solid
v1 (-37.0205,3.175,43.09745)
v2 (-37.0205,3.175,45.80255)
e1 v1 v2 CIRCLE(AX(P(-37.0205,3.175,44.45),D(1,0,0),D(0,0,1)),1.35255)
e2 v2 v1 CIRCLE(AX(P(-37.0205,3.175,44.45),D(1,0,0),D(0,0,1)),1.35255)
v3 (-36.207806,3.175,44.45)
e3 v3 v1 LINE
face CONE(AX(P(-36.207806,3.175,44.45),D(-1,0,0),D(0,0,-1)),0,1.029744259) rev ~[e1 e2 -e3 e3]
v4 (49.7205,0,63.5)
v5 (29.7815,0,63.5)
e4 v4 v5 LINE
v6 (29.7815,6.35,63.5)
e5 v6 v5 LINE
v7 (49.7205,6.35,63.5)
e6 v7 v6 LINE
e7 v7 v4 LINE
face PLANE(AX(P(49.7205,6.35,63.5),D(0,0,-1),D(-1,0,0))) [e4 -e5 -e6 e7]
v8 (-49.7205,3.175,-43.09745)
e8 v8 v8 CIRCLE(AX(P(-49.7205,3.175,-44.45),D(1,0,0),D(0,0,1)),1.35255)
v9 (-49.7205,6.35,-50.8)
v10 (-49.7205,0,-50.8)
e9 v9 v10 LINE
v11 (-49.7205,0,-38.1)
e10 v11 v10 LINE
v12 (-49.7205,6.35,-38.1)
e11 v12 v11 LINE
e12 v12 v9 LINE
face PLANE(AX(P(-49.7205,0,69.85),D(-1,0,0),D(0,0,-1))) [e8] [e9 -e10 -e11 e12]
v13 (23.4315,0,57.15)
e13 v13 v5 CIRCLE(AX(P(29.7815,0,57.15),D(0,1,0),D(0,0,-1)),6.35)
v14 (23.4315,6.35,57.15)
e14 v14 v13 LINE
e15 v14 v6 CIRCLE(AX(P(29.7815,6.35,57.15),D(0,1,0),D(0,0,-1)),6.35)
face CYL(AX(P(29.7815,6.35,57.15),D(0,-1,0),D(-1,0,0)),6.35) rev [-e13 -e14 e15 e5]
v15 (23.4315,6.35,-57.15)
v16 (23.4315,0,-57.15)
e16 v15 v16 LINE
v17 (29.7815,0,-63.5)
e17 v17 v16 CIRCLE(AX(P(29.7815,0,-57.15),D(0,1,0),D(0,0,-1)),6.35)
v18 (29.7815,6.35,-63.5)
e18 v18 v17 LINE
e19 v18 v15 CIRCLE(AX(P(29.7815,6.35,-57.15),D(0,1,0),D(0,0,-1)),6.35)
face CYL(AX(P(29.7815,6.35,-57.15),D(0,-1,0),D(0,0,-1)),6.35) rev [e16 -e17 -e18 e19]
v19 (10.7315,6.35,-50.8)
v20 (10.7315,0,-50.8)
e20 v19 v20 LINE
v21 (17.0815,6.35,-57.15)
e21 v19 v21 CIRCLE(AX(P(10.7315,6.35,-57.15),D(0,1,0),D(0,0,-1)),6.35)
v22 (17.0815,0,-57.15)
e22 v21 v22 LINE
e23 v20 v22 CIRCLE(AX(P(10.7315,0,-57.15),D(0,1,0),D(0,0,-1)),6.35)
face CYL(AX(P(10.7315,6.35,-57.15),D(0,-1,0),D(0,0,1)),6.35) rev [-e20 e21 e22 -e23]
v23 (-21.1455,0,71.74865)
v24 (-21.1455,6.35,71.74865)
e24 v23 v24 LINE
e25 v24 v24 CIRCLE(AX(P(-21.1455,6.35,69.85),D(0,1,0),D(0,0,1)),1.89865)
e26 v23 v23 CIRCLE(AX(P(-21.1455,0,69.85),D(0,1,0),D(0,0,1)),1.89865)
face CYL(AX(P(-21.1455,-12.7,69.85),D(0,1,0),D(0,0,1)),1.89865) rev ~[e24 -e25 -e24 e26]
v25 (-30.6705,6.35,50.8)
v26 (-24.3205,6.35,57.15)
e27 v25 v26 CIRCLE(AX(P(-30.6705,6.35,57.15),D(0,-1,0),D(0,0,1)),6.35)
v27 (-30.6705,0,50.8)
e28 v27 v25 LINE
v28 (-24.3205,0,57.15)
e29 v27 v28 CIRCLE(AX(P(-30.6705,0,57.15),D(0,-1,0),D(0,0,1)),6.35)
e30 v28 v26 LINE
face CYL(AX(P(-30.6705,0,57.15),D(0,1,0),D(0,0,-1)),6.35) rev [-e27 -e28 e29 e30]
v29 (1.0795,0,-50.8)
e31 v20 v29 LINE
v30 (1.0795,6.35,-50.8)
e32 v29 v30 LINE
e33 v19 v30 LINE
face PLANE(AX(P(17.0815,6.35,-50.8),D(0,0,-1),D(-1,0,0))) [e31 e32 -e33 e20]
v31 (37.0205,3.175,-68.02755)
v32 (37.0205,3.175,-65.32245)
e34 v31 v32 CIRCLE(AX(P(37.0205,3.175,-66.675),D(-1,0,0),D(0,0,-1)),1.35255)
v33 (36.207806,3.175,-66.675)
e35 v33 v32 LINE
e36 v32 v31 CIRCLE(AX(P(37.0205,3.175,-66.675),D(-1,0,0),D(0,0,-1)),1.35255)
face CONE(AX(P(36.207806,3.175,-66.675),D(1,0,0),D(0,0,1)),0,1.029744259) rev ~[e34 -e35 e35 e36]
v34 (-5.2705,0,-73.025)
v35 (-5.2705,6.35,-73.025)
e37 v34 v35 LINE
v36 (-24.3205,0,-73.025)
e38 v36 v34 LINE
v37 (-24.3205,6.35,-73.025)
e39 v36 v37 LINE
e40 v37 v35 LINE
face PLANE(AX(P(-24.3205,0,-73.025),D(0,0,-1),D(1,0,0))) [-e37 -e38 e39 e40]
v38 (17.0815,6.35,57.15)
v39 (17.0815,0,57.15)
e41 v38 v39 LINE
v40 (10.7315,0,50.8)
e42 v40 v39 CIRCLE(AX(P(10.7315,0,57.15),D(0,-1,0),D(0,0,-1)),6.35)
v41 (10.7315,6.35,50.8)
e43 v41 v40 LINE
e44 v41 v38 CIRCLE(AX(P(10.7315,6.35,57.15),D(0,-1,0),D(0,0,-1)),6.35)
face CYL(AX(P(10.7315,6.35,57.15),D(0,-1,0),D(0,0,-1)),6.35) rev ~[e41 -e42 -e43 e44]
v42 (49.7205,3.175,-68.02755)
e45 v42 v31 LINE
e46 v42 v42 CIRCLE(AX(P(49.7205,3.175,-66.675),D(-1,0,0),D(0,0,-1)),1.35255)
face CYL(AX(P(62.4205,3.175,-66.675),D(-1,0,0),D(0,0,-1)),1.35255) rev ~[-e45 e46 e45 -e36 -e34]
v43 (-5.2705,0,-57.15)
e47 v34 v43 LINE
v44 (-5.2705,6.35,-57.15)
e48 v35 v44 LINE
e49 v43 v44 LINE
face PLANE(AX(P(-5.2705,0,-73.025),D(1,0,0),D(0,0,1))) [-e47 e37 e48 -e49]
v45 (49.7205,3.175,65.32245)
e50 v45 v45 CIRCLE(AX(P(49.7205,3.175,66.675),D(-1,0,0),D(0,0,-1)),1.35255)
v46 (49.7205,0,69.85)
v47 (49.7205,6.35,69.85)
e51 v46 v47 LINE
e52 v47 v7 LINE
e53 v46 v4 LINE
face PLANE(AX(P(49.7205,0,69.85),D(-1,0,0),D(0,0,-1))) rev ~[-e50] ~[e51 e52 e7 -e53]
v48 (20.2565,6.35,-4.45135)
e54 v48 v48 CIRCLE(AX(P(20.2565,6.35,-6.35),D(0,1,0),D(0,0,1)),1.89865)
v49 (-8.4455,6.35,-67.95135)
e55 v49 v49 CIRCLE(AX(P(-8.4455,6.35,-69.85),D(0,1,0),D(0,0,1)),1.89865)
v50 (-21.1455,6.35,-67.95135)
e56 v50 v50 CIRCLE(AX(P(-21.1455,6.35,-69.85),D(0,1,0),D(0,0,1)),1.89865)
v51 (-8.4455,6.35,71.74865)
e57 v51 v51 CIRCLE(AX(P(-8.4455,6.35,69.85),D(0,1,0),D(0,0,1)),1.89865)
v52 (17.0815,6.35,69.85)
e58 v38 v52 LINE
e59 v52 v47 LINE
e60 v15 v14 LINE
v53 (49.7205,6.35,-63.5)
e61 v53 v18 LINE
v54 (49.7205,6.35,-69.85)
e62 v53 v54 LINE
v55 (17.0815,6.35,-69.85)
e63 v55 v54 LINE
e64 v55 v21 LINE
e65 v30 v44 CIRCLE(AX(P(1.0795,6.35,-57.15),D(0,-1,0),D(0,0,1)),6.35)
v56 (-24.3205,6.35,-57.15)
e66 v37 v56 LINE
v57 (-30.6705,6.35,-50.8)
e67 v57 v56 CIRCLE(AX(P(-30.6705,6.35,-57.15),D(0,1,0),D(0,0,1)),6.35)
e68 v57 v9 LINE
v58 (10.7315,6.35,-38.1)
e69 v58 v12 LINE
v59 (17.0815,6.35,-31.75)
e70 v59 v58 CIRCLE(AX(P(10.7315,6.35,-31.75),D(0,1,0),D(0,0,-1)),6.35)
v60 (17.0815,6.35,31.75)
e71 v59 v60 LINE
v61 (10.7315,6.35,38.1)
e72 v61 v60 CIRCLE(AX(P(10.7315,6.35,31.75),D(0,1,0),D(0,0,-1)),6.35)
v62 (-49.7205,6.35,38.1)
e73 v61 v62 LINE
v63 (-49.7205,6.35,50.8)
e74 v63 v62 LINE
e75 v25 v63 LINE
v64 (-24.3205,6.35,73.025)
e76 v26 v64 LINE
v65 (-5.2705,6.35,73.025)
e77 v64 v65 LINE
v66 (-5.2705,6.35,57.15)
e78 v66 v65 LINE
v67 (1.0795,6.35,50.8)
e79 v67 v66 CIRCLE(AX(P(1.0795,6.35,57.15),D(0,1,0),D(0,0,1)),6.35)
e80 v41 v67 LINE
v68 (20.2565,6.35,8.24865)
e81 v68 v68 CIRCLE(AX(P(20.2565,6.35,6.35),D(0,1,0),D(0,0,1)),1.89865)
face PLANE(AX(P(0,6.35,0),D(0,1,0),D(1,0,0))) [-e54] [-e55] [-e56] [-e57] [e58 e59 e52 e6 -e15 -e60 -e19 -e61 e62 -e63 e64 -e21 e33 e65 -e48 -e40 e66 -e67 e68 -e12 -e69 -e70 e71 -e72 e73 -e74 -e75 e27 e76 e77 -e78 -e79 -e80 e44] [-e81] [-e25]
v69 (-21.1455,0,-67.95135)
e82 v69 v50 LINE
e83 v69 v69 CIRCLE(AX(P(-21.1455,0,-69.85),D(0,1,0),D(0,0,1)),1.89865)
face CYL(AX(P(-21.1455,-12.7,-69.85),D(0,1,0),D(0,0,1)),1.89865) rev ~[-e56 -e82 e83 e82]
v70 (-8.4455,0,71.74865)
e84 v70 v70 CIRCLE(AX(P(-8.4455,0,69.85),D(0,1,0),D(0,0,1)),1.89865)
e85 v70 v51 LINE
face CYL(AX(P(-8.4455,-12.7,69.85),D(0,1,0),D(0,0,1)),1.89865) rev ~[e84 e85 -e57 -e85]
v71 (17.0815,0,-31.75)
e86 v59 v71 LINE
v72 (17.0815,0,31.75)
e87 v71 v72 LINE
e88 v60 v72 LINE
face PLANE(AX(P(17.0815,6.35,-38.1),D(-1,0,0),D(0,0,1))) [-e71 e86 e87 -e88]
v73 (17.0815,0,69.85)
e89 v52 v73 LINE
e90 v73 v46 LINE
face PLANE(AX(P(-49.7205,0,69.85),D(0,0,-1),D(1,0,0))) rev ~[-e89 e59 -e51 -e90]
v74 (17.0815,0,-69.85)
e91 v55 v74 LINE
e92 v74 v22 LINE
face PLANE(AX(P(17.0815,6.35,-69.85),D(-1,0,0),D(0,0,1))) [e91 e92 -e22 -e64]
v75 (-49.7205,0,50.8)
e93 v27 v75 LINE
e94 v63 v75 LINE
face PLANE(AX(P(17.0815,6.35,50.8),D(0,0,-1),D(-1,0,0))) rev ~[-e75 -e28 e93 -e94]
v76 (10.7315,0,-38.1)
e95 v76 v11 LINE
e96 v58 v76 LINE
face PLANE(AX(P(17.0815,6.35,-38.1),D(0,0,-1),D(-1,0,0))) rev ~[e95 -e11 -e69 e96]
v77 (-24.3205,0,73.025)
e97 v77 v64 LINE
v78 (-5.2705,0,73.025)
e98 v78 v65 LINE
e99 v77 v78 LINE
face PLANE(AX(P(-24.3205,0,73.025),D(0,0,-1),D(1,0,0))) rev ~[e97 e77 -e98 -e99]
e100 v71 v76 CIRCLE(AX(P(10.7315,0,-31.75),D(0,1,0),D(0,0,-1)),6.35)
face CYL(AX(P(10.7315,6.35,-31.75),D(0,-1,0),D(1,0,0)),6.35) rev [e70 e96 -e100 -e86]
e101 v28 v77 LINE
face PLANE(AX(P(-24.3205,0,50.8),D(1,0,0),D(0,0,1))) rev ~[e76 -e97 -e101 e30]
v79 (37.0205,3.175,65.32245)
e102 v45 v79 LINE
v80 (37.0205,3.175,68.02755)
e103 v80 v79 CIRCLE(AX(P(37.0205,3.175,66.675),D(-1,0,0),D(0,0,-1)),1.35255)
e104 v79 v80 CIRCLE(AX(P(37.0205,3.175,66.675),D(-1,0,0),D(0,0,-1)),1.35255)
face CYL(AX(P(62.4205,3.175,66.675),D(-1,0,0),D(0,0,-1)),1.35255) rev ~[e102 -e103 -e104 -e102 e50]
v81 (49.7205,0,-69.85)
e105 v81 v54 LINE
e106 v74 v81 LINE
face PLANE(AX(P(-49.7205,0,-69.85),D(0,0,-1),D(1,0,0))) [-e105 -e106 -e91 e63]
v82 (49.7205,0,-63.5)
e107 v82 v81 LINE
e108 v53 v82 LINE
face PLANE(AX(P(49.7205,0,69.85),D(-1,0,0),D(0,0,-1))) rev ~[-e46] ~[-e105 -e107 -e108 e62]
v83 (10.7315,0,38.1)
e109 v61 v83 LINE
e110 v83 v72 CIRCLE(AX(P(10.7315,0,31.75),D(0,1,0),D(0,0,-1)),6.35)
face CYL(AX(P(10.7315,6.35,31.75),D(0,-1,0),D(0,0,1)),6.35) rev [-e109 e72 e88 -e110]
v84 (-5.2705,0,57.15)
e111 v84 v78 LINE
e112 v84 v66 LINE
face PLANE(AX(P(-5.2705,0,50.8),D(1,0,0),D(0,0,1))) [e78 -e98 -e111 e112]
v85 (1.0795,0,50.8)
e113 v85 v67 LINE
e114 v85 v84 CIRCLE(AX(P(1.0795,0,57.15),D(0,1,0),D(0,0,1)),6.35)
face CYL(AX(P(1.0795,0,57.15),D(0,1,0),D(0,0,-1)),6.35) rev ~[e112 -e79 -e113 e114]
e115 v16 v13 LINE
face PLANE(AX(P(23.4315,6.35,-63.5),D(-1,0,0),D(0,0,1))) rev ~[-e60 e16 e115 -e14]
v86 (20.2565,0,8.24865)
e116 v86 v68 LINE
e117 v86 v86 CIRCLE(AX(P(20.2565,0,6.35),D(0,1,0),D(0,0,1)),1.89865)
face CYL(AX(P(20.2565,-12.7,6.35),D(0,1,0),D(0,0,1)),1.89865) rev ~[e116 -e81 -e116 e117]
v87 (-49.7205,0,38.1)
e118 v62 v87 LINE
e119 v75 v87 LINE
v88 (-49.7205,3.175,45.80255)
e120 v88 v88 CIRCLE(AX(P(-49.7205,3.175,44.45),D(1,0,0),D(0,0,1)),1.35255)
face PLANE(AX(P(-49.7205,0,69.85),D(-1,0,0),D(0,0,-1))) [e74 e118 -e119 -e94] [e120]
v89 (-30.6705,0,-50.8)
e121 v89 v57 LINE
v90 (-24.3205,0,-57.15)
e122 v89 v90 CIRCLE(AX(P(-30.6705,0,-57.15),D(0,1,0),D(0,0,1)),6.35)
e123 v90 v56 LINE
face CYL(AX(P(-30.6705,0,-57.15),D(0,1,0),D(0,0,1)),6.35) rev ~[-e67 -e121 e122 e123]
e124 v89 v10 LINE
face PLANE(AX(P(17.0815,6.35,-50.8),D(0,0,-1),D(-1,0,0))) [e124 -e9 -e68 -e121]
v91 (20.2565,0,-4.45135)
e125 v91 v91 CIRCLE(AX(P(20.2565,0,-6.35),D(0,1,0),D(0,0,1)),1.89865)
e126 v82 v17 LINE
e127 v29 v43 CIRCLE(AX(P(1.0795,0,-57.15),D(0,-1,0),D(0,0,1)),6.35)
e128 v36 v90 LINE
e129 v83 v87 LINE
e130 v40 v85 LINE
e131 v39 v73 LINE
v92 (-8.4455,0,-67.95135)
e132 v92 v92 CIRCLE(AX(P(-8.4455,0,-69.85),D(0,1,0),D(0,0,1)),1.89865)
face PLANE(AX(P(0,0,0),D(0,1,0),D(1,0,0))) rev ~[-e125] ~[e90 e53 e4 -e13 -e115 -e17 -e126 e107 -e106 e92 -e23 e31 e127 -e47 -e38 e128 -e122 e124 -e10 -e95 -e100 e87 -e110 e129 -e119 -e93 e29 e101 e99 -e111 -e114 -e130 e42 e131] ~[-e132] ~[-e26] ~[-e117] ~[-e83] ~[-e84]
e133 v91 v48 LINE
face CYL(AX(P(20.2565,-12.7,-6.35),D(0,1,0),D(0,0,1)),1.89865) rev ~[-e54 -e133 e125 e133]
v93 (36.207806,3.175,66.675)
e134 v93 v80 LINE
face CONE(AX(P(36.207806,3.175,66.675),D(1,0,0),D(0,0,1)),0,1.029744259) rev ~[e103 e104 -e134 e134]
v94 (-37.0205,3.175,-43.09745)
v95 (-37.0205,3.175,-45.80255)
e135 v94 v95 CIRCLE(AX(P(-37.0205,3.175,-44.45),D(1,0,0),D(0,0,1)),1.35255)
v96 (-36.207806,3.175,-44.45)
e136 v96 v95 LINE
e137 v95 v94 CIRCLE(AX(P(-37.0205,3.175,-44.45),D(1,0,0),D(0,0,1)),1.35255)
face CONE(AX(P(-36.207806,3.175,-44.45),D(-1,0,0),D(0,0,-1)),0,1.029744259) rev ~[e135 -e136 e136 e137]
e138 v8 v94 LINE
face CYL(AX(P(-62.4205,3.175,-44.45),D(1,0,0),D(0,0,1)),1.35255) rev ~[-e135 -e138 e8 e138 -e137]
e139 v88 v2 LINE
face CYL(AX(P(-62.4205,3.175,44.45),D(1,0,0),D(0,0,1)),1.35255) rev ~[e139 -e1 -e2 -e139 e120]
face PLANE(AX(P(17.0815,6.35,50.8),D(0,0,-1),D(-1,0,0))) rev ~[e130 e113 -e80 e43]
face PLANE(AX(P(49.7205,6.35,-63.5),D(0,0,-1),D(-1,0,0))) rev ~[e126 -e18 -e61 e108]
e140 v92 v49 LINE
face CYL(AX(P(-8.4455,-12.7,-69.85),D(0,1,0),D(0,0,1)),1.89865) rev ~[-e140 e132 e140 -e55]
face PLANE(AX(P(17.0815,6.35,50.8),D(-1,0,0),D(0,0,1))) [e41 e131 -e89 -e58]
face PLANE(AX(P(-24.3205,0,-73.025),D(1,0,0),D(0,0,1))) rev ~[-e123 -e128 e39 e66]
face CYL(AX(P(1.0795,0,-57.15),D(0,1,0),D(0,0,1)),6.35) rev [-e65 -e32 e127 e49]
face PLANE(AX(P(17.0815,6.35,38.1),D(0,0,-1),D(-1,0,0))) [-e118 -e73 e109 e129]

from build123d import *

# Parameters (mm, degrees)
SKETCH1_W                  = 99.441
SKETCH1_H                  = 139.7
EXTRUDE1_DEPTH             = 6.35
SKETCH2_W                  = 66.802
SKETCH2_H                  = 19.05
SKETCH2_W_2                = 26.289
SKETCH2_H_2                = 127
SKETCH2_H_3                = 76.2
CUT_EXTRUDE1_DEPTH         = 6.35
FILLET1_R                  = 6.35
TAP_DRILL_FOR_6_TAP1_D     = 2.7051
TAP_DRILL_FOR_6_TAP1_DEPTH = 12.7
TAP_DRILL_FOR_6_TAP1_TIP   = 0.81269403
TAP_DRILL_FOR_6_TAP2_D     = 2.7051
TAP_DRILL_FOR_6_TAP2_DEPTH = 12.7
TAP_DRILL_FOR_6_TAP2_TIP   = 0.81269403
F_6_CLEARANCE_HOLE1_D      = 3.7973
F_6_CLEARANCE_HOLE1_DEPTH  = 12.7
F_6_CLEARANCE_HOLE1_TIP    = 1.140824014
SKETCH6_W                  = 19.05
SKETCH6_H                  = 22.225
EXTRUDE2_DEPTH             = 6.35
FILLET2_R                  = 6.35
F_6_CLEARANCE_HOLE2_D      = 3.7973
F_6_CLEARANCE_HOLE2_DEPTH  = 12.7
F_6_CLEARANCE_HOLE2_TIP    = 1.140824014


with BuildPart() as part:
    # Sketch1 → Extrude1 (new body)
    with BuildSketch(Plane(origin=(0, 0, 0), x_dir=(1, 0, 0), z_dir=(0, 1, 0))):
        Rectangle(SKETCH1_W, SKETCH1_H)
    extrude(amount=EXTRUDE1_DEPTH)

    # Sketch2 → Cut-Extrude1 (cut)
    with BuildSketch(Plane(origin=(0, 6.35, 0), x_dir=(-1, 0, 0), z_dir=(0, 1, 0))):
        with Locations((16.3195, -60.325)):
            Rectangle(SKETCH2_W, SKETCH2_H)
        with Locations((16.3195, 60.325)):
            Rectangle(SKETCH2_W, SKETCH2_H)
        with Locations((-36.576, 0)):
            Rectangle(SKETCH2_W_2, SKETCH2_H_2)
        with Locations((16.3195, 0)):
            Rectangle(SKETCH2_W, SKETCH2_H_3)
    extrude(amount=-CUT_EXTRUDE1_DEPTH, mode=Mode.SUBTRACT)

    # Fillet1
    fillet1_edges = [part.edges().sort_by_distance(p)[0] for p in [
        (17.0815, 3.175, -50.8),
        (17.0815, 3.175, 50.8),
        (23.4315, 3.175, 63.5),
        (23.4315, 3.175, -63.5),
        (17.0815, 3.175, -38.1),
        (17.0815, 3.175, 38.1),
    ]]
    fillet(fillet1_edges, radius=FILLET1_R)

    # Tap Drill for #6 Tap1
    with Locations(Plane(origin=(-49.7205, 3.175, -44.45), x_dir=(0, 0, -1), z_dir=(-1, 0, 0))):
        with Locations((0, 0), (-88.9, 0)):
            Hole(TAP_DRILL_FOR_6_TAP1_D / 2, depth=TAP_DRILL_FOR_6_TAP1_DEPTH)
            with Locations((0, 0, -(TAP_DRILL_FOR_6_TAP1_DEPTH + TAP_DRILL_FOR_6_TAP1_TIP / 2))):  # 118° drill point
                Cone(0, TAP_DRILL_FOR_6_TAP1_D / 2, TAP_DRILL_FOR_6_TAP1_TIP, mode=Mode.SUBTRACT)

    # Tap Drill for #6 Tap2
    with Locations(Plane(origin=(49.7205, 3.175, -66.675), x_dir=(0, 0, 1), z_dir=(1, 0, 0))):
        with Locations((0, 0), (133.35, 0)):
            Hole(TAP_DRILL_FOR_6_TAP2_D / 2, depth=TAP_DRILL_FOR_6_TAP2_DEPTH)
            with Locations((0, 0, -(TAP_DRILL_FOR_6_TAP2_DEPTH + TAP_DRILL_FOR_6_TAP2_TIP / 2))):  # 118° drill point
                Cone(0, TAP_DRILL_FOR_6_TAP2_D / 2, TAP_DRILL_FOR_6_TAP2_TIP, mode=Mode.SUBTRACT)

    # #6 Clearance Hole1
    with Locations(Plane(origin=(20.2565, 0, 6.35), x_dir=(0, 0, -1), z_dir=(0, -1, 0))):
        with Locations((0, 0), (12.7, 0)):
            Hole(F_6_CLEARANCE_HOLE1_D / 2, depth=F_6_CLEARANCE_HOLE1_DEPTH)
            with Locations((0, 0, -(F_6_CLEARANCE_HOLE1_DEPTH + F_6_CLEARANCE_HOLE1_TIP / 2))):  # 118° drill point
                Cone(0, F_6_CLEARANCE_HOLE1_D / 2, F_6_CLEARANCE_HOLE1_TIP, mode=Mode.SUBTRACT)

    # Sketch6 → Extrude2 (add)
    with BuildSketch(Plane.XZ):
        with Locations((-14.7955, 61.9125)):
            Rectangle(SKETCH6_W, SKETCH6_H)
        with Locations((-14.7955, -61.9125)):
            Rectangle(SKETCH6_W, SKETCH6_H)
    extrude(amount=-EXTRUDE2_DEPTH)

    # Fillet2
    fillet2_edges = [part.edges().sort_by_distance(p)[0] for p in [
        (-5.2705, 3.175, 50.8),
        (-24.3205, 3.175, 50.8),
        (-5.2705, 3.175, -50.8),
        (-24.3205, 3.175, -50.8),
    ]]
    fillet(fillet2_edges, radius=FILLET2_R)

    # #6 Clearance Hole2
    with Locations(Plane(origin=(-8.4455, 0, 69.85), x_dir=(0, 0, -1), z_dir=(0, -1, 0))):
        with Locations((0, 0), (139.7, -12.7), (0, -12.7), (139.7, 0)):
            Hole(F_6_CLEARANCE_HOLE2_D / 2, depth=F_6_CLEARANCE_HOLE2_DEPTH)
            with Locations((0, 0, -(F_6_CLEARANCE_HOLE2_DEPTH + F_6_CLEARANCE_HOLE2_TIP / 2))):  # 118° drill point
                Cone(0, F_6_CLEARANCE_HOLE2_D / 2, F_6_CLEARANCE_HOLE2_TIP, mode=Mode.SUBTRACT)


solid = part.part
